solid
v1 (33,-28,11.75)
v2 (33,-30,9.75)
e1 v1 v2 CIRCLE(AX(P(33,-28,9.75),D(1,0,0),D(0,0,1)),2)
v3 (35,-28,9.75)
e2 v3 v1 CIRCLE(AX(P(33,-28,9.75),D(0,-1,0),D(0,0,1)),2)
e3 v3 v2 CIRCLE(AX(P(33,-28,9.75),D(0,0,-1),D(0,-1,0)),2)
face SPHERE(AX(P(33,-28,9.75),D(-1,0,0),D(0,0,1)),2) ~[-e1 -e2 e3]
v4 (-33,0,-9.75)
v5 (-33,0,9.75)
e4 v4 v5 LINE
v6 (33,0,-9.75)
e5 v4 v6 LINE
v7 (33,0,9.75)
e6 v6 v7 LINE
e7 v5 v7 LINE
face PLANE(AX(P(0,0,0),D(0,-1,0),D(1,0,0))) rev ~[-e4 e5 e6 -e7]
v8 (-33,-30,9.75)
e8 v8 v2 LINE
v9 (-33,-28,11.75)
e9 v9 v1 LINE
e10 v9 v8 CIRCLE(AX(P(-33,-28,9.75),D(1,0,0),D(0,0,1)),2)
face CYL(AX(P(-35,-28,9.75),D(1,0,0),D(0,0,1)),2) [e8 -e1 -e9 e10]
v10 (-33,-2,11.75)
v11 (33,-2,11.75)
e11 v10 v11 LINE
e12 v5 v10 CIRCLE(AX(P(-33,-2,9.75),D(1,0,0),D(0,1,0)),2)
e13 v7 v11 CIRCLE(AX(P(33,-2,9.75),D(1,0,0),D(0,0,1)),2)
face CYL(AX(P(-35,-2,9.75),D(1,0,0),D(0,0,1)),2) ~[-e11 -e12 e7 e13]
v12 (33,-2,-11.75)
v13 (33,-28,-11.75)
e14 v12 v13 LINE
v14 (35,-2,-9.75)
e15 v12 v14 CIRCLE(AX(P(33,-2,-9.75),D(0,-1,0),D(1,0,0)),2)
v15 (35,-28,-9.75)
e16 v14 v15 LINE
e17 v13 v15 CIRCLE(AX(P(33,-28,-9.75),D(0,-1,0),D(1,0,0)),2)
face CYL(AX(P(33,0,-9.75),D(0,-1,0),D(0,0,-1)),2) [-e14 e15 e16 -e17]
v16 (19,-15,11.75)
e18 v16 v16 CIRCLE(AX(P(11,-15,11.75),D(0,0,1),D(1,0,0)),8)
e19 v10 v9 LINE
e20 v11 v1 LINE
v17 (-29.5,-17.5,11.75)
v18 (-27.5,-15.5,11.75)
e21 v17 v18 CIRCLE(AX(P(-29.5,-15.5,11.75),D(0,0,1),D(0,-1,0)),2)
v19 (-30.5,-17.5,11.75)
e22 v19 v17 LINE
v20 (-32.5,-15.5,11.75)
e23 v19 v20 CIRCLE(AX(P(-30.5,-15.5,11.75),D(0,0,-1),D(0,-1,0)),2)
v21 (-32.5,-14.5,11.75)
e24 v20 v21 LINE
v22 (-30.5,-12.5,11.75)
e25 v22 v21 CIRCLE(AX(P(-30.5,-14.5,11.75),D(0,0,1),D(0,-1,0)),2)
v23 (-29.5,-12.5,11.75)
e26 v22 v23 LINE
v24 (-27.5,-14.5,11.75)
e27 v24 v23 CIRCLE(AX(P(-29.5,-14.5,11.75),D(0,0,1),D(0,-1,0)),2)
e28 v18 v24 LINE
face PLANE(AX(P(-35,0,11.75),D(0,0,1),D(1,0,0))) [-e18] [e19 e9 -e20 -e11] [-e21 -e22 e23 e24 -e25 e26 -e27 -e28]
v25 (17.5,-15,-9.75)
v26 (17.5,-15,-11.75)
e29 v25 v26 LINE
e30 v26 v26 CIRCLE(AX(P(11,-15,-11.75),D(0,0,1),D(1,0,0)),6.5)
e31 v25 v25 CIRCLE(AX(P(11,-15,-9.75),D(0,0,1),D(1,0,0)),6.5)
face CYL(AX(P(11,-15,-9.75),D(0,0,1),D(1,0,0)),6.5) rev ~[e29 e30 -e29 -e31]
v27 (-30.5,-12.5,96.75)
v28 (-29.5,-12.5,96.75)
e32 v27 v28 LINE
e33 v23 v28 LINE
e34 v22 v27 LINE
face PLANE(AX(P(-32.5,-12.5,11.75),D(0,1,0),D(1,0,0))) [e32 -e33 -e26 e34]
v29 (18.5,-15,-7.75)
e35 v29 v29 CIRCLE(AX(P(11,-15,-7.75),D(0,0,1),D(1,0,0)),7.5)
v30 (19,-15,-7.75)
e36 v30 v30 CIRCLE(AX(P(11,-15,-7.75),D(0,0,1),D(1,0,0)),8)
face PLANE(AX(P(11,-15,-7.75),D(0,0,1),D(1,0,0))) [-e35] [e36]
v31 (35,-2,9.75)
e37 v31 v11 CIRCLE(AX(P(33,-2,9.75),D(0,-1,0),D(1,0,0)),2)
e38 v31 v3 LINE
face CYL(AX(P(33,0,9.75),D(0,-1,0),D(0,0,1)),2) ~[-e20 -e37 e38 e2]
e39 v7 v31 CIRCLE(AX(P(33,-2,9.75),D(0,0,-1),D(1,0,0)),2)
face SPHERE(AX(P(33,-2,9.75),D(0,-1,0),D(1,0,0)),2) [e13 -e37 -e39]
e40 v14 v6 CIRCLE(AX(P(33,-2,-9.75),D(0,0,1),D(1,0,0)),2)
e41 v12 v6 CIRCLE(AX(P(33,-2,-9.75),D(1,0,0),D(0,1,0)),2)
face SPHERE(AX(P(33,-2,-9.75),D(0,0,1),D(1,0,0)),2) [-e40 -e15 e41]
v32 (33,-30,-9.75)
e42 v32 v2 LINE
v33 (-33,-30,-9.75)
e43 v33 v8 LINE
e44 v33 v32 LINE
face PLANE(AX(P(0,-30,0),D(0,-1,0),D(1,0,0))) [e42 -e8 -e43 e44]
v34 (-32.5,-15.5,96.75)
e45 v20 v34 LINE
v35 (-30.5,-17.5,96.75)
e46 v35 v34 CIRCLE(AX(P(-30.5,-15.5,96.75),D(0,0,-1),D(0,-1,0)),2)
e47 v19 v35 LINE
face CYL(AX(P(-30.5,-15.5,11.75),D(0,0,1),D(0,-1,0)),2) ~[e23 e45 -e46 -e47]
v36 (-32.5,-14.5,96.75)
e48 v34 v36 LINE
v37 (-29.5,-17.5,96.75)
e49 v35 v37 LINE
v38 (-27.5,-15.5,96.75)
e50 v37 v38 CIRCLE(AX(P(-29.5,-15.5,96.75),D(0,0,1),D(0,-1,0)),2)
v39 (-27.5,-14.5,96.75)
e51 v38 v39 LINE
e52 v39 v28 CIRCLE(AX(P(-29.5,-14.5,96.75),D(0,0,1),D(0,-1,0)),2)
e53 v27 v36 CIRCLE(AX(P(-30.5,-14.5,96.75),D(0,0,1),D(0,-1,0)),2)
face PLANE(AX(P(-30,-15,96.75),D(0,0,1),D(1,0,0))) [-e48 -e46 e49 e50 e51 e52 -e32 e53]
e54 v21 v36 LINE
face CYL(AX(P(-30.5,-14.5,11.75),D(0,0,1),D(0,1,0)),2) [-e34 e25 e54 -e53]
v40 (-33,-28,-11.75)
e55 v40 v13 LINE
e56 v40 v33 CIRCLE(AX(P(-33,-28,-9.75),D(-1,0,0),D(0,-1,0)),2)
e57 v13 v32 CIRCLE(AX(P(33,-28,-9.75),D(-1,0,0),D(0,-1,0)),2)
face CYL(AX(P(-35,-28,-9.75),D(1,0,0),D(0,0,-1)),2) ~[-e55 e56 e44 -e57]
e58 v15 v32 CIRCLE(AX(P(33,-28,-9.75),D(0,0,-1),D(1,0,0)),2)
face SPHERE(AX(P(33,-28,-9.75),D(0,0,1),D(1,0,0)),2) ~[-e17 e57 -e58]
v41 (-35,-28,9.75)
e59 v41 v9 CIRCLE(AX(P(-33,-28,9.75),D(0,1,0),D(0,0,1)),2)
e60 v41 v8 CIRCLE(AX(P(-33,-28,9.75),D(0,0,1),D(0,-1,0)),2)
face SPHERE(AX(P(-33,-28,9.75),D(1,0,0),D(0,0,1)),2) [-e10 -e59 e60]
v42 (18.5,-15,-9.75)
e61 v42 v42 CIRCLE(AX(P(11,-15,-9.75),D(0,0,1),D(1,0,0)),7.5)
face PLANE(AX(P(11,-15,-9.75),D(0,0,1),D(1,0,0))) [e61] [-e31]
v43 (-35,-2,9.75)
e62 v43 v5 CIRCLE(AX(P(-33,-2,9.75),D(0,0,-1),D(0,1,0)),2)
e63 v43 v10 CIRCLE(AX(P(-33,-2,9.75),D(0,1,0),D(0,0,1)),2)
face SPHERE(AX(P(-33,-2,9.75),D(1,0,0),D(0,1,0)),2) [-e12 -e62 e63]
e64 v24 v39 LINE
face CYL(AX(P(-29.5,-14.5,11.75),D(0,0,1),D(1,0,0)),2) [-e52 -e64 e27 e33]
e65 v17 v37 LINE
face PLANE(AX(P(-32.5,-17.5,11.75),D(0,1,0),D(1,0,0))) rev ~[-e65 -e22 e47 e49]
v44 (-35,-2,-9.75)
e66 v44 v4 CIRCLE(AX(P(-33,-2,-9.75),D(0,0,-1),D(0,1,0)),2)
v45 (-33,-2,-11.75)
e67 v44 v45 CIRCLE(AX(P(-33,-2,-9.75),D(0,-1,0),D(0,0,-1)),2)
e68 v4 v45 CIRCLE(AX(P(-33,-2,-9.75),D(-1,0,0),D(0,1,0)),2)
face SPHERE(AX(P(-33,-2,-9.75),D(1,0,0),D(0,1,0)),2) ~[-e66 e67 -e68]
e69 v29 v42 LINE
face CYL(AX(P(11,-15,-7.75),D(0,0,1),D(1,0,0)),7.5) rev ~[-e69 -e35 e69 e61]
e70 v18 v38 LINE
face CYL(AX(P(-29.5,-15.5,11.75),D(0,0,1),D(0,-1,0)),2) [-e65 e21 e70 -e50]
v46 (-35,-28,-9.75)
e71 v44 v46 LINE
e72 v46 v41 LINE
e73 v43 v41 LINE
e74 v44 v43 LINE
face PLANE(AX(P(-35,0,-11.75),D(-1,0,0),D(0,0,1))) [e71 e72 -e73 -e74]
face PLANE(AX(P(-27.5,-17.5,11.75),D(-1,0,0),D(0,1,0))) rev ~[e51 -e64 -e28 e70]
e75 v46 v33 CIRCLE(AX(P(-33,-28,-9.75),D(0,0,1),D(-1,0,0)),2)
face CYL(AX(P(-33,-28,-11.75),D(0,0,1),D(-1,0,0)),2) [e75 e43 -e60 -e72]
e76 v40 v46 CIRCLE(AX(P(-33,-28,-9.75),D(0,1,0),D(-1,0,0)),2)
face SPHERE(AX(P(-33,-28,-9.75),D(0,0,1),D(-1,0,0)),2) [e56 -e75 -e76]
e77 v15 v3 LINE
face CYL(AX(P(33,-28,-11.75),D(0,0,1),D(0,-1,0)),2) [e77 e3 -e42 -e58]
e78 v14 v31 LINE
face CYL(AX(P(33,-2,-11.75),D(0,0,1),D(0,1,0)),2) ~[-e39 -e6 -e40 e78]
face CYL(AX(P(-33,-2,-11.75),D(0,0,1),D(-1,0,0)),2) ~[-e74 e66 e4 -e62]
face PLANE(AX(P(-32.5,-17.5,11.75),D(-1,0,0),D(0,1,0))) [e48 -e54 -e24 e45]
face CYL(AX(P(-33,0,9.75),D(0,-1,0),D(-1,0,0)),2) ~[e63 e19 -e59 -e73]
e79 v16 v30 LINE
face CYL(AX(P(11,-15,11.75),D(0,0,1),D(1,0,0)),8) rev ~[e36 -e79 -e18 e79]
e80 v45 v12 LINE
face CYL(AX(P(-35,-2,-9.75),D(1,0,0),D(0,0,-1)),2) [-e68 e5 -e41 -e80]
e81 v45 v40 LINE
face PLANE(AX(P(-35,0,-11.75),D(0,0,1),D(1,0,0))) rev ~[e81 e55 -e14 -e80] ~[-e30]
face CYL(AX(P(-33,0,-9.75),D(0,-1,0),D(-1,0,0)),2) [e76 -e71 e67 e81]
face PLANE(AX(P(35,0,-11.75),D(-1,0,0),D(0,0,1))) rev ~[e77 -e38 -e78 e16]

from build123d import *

# Parameters (mm, degrees)
F0_W     = 70
F0_H     = 23.5
F1_DEPTH = 30
F2_R     = 8
F3_DEPTH = 19.5
F4_R     = 7.5
F5_DEPTH = 2
F6_R     = 6.5
F7_DEPTH = 2.001
F8_W     = 5
F8_H     = 5
F9_DEPTH = 85
F10_R    = 2


with BuildPart() as f1:
    # F0 (on Front) → F1 (new body)
    with BuildSketch(Plane.XZ):
        Rectangle(F0_W, F0_H)
    extrude(amount=F1_DEPTH)

    # F2 (on face) → F3 (cut)
    with BuildSketch(Plane.XY.offset(11.75)):
        with Locations((11, -15)):
            Circle(F2_R)
    extrude(amount=-F3_DEPTH, mode=Mode.SUBTRACT)

    # F4 (on face) → F5 (cut)
    with BuildSketch(Plane.XY.offset(-7.75)):
        with Locations((11, -15)):
            Circle(F4_R)
    extrude(amount=-F5_DEPTH, mode=Mode.SUBTRACT)

    # F6 (on face) → F7 (cut, through all)
    with BuildSketch(Plane.XY.offset(-9.75)):
        with Locations((11, -15)):
            Circle(F6_R)
    extrude(amount=-F7_DEPTH, mode=Mode.SUBTRACT)

    # F8 (on face) → F9 (join)
    with BuildSketch(Plane.XY.offset(11.75)):
        with Locations((-30, -15)):
            Rectangle(F8_W, F8_H)
    extrude(amount=F9_DEPTH)

    # F10
    f10_edges = [f1.edges().sort_by_distance(p)[0] for p in [
        (0, -30, 11.75),
        (35, -15, 11.75),
        (35, -30, 0),
        (35, 0, 0),
        (35, -15, -11.75),
        (0, 0, 11.75),
        (0, 0, -11.75),
        (-35, 0, 0),
        (-35, -15, 11.75),
        (-35, -30, 0),
        (-35, -15, -11.75),
        (0, -30, -11.75),
        (-32.5, -17.5, 54.25),
        (-27.5, -17.5, 54.25),
        (-27.5, -12.5, 54.25),
        (-32.5, -12.5, 54.25),
    ]]
    fillet(f10_edges, radius=F10_R)


solid = f1.part
